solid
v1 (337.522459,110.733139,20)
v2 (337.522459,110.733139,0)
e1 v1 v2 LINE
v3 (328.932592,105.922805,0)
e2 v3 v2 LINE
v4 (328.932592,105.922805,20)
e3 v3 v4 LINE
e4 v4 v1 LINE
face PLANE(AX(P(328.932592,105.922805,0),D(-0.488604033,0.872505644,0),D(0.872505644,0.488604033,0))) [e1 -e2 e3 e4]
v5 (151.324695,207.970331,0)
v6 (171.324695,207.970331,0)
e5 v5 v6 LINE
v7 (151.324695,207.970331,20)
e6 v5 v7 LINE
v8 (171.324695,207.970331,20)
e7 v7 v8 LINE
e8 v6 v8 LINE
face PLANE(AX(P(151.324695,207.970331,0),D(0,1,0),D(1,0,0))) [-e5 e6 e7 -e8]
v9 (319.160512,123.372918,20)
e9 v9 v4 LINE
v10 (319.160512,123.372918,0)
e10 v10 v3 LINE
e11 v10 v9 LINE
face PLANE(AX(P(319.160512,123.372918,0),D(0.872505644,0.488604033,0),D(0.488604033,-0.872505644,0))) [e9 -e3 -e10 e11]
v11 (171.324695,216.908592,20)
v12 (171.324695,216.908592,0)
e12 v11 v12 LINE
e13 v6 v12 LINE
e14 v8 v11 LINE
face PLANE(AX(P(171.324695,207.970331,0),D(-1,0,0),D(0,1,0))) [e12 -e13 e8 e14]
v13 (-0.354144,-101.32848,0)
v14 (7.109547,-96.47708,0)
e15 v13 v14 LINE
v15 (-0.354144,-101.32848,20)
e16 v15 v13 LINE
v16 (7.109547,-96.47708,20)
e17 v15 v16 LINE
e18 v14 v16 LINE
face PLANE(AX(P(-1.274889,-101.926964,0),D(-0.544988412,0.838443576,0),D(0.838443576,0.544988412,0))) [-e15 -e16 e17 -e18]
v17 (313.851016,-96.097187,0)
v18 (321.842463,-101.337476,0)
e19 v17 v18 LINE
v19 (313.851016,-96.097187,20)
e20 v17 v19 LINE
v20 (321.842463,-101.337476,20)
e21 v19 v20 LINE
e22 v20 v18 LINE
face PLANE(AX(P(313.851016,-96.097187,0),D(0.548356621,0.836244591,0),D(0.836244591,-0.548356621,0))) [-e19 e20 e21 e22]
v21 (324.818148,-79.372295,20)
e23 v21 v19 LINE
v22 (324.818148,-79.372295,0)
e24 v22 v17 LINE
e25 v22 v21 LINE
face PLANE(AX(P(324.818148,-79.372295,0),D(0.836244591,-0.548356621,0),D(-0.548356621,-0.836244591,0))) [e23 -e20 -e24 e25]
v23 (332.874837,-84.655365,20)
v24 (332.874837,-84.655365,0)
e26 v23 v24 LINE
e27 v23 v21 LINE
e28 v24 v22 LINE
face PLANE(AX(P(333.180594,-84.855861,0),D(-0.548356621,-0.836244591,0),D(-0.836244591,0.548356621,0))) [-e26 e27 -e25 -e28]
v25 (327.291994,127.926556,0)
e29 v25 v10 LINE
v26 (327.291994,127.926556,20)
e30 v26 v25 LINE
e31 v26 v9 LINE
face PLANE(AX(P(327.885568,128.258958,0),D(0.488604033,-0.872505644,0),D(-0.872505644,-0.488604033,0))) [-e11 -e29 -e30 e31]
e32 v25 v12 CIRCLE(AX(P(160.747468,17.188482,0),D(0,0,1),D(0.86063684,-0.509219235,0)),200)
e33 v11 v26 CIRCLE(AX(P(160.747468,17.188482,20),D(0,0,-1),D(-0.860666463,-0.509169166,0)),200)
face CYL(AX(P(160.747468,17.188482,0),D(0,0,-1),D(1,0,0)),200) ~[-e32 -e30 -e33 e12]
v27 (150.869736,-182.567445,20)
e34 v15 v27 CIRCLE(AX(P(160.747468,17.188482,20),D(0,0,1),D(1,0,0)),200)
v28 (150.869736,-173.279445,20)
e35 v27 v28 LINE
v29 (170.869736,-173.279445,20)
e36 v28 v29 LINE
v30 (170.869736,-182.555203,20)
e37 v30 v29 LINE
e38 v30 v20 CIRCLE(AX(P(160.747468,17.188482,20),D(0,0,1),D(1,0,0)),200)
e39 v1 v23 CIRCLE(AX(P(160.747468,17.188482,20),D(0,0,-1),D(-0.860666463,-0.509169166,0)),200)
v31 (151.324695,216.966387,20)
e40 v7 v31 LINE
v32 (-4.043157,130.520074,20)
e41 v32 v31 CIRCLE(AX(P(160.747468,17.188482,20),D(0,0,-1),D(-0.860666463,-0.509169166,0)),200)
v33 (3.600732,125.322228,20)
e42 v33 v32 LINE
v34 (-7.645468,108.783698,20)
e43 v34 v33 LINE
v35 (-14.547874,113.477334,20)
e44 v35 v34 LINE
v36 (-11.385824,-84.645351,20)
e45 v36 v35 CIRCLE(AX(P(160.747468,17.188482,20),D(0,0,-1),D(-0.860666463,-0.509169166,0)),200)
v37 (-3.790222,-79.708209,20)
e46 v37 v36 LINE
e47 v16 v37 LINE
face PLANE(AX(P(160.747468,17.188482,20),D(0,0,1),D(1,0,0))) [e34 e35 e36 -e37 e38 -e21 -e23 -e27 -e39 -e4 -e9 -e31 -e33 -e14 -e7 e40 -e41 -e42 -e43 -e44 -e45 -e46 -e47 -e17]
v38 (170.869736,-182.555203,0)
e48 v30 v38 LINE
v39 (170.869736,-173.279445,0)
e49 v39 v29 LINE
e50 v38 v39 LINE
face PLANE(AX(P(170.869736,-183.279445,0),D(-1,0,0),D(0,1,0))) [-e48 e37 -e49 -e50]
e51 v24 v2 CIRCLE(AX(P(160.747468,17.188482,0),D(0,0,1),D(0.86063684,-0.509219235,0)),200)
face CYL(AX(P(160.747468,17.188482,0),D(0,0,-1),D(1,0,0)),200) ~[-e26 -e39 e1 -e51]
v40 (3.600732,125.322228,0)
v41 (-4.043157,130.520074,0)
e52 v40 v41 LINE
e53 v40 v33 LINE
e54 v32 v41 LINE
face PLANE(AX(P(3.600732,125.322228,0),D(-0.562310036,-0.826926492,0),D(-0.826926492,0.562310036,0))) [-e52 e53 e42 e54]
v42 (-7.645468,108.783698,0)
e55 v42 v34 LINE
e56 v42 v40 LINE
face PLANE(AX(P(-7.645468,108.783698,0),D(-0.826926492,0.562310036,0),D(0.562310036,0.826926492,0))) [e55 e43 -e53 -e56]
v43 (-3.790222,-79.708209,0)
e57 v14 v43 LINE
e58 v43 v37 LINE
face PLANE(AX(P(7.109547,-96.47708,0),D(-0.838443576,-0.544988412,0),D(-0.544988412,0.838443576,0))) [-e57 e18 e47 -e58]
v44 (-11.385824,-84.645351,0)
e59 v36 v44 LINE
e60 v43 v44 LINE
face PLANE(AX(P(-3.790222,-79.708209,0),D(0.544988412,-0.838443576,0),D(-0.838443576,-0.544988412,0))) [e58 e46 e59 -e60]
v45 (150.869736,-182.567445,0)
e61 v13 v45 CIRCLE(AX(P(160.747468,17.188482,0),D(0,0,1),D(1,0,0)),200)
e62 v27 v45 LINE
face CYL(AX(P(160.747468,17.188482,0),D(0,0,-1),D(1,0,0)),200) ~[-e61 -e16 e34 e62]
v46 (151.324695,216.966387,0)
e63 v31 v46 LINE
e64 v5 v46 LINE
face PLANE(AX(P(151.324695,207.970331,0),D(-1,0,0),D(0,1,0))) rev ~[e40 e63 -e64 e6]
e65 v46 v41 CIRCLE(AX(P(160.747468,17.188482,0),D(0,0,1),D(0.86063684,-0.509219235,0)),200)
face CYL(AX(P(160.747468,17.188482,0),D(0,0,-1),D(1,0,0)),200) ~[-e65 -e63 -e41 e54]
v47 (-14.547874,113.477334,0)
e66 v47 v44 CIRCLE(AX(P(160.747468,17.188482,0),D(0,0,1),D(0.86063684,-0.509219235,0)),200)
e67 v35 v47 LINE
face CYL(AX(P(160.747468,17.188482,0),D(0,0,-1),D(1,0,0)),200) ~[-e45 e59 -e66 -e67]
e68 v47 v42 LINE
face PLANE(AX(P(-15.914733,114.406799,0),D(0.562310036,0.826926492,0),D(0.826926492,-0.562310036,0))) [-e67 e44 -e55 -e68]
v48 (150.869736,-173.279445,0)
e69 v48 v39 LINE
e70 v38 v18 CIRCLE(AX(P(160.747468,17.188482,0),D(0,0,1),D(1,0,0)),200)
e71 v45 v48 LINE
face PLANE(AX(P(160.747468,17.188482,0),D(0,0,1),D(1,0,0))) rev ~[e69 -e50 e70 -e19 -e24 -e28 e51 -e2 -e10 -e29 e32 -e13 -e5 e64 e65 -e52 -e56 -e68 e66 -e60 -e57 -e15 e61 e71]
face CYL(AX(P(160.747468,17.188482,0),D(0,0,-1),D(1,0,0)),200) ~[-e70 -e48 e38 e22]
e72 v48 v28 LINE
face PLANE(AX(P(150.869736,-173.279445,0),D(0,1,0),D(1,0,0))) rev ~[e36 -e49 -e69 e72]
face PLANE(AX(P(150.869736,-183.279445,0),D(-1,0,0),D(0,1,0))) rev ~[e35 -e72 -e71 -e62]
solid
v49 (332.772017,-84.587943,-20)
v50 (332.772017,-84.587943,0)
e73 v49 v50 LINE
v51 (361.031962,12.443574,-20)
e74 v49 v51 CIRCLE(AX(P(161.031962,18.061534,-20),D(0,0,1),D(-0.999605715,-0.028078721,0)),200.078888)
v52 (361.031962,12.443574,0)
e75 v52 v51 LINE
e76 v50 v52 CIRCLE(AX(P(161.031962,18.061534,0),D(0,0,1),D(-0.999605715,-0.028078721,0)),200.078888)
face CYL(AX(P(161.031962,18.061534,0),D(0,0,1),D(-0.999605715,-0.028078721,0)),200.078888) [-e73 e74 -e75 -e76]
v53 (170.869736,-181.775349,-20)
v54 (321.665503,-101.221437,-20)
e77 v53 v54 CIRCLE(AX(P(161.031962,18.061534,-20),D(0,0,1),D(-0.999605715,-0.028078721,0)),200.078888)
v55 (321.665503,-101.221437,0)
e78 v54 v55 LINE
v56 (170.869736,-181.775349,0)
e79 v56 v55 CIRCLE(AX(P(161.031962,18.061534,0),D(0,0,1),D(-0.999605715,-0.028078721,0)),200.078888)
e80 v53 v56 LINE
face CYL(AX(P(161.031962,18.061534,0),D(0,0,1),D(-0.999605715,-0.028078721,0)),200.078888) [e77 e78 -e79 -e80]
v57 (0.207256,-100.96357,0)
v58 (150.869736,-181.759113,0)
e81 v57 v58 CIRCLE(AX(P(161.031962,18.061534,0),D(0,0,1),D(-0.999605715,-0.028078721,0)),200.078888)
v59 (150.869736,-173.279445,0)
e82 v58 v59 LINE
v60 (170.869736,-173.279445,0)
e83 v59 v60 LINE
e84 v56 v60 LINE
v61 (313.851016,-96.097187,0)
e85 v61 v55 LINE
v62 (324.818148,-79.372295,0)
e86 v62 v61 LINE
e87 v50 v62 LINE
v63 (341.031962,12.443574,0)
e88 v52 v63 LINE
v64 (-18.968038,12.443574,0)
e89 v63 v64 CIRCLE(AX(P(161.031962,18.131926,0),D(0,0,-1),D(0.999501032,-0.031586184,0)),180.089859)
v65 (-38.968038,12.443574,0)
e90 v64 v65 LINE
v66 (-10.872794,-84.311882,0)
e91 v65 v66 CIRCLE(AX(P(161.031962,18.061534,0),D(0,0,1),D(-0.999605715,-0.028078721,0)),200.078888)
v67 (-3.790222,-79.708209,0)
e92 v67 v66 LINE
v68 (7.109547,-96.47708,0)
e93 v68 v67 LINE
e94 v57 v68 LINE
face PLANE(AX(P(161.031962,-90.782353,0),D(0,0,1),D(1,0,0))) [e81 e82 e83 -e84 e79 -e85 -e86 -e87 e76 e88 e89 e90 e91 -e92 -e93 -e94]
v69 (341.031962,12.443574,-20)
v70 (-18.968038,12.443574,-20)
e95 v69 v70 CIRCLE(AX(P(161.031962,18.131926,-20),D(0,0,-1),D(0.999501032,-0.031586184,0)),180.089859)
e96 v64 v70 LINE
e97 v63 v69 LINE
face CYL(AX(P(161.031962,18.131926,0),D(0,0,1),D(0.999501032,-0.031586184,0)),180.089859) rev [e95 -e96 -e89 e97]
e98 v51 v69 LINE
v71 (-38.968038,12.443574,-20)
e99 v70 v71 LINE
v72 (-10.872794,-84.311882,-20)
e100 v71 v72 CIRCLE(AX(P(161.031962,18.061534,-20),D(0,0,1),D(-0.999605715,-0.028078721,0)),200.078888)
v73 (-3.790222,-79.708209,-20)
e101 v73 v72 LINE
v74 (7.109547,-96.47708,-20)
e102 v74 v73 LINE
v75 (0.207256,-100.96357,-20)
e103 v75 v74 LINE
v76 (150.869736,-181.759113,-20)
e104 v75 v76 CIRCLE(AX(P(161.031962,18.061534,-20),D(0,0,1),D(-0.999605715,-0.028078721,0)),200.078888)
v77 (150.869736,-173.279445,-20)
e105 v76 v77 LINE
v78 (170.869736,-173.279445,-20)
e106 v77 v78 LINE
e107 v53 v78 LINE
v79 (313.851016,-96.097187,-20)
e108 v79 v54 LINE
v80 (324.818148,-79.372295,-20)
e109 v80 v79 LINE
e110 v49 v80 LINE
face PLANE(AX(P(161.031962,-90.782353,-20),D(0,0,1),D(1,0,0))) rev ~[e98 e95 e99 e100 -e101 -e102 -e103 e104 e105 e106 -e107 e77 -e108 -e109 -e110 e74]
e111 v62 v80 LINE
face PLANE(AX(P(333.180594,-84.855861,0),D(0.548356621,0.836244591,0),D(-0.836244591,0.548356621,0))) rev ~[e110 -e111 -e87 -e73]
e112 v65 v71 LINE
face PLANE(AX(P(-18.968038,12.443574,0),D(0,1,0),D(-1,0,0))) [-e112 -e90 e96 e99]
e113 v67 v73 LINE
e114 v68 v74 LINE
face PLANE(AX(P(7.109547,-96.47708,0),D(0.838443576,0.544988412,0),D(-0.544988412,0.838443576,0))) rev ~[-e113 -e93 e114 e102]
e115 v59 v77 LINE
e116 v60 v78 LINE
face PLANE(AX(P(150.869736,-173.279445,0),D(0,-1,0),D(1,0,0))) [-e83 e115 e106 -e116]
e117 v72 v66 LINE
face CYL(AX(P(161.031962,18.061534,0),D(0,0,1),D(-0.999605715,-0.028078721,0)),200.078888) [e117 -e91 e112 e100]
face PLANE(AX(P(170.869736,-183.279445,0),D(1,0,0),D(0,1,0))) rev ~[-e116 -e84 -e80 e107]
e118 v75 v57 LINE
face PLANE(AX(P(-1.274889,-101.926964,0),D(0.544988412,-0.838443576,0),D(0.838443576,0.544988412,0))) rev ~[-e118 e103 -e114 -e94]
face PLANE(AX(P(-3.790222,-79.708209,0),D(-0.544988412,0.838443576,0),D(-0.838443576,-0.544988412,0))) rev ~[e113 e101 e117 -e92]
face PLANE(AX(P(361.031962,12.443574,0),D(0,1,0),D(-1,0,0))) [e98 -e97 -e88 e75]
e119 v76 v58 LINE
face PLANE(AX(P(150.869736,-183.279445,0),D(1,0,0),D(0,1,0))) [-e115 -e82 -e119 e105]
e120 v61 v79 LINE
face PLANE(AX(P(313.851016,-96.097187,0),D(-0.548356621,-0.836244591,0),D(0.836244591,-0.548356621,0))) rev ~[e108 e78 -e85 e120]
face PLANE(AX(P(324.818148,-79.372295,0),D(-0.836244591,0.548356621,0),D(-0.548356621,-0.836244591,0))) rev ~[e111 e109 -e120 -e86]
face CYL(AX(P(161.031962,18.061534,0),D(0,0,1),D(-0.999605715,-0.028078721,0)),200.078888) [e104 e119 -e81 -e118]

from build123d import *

# Parameters (mm, degrees)
F1_DEPTH  = 20
F2_W      = 20
F2_H      = 10
F3_DEPTH  = 20
F5_DEPTH  = 20
F7_DEPTH  = 20
F8_R      = 200
F9_DEPTH  = 20
F10_DEPTH = 20
F11_DEPTH = 20
F12_DEPTH = 20
F13_W     = 20
F13_H     = 10
F14_DEPTH = 20


with BuildPart() as f1:
    # F0 (on Top) → F1 (new body)
    with BuildSketch(Plane.XY):
        with BuildLine():
            ThreePointArc((-38.9680378139, 12.4435741454), (161.0319621861, -182.017354603), (361.0319621861, 12.4435741454))
            Line((361.0319621861, 12.4435741454), (341.0319621861, 12.4435741454))
            ThreePointArc((341.0319621861, 12.4435741454), (161.0319621861, -161.9579334856), (-18.9680378139, 12.4435741454))
            Line((-18.9680378139, 12.4435741454), (-38.9680378139, 12.4435741454))
        make_face()
    extrude(amount=-F1_DEPTH)

    # F2 (on Top) → F3 (cut)
    with BuildSketch(Plane.XY):
        with Locations((160.8697362244, -178.2794445753)):
            Rectangle(F2_W, F2_H)
    extrude(amount=-F3_DEPTH, mode=Mode.SUBTRACT)

    # F4 (on Top) → F5 (cut)
    with BuildSketch(Plane.XY):
        Polygon((-12.1746574023, -85.1580928149), (-1.2748891549, -101.9269643378), (7.1095466066, -96.477080214), (-3.7902216409, -79.7082086911), align=None)
    extrude(amount=-F5_DEPTH, mode=Mode.SUBTRACT)

    # F6 (on Top) → F7 (cut)
    with BuildSketch(Plane.XY):
        Polygon((313.8510156457, -96.097187023), (322.2134615593, -101.5807532297), (333.1805939725, -84.8558614025), (324.818148059, -79.3722951959), align=None)
    extrude(amount=-F7_DEPTH, mode=Mode.SUBTRACT)

    # F6 (on Top) + F4 (on Top) + F2 (on Top) → F12 (cut)
    with BuildSketch(Plane.XY):
        Polygon((313.8510156457, -96.097187023), (322.2134615593, -101.5807532297), (333.1805939725, -84.8558614025), (324.818148059, -79.3722951959), align=None)
    with BuildSketch(Plane.XY):
        Polygon((-12.1746574023, -85.1580928149), (-1.2748891549, -101.9269643378), (7.1095466066, -96.477080214), (-3.7902216409, -79.7082086911), align=None)
    with BuildSketch(Plane.XY):
        with Locations((160.8697362244, -178.2794445753)):
            Rectangle(F2_W, F2_H)
    extrude(amount=F12_DEPTH, mode=Mode.SUBTRACT)


with BuildPart() as f9:
    # F8 (on Top) → F9 (new body)
    with BuildSketch(Plane.XY):
        with Locations((160.7474684715, 17.1884819865)):
            Circle(F8_R)
    extrude(amount=F9_DEPTH)

    # F6 (on Top) + F4 (on Top) → F10 (cut)
    with BuildSketch(Plane.XY):
        Polygon((313.8510156457, -96.097187023), (322.2134615593, -101.5807532297), (333.1805939725, -84.8558614025), (324.818148059, -79.3722951959), align=None)
    with BuildSketch(Plane.XY):
        Polygon((-12.1746574023, -85.1580928149), (-1.2748891549, -101.9269643378), (7.1095466066, -96.477080214), (-3.7902216409, -79.7082086911), align=None)
    extrude(amount=F10_DEPTH, mode=Mode.SUBTRACT)

    # F2 (on Top) → F11 (cut)
    with BuildSketch(Plane.XY):
        with Locations((160.8697362244, -178.2794445753)):
            Rectangle(F2_W, F2_H)
    extrude(amount=F11_DEPTH, mode=Mode.SUBTRACT)

    # F13 (on Top) → F14 (cut)
    with BuildSketch(Plane.XY):
        Polygon((-4.6685326042, 130.9453286874), (-15.9147333194, 114.4067988412), (-7.6454683963, 108.7836984836), (3.6007323189, 125.3222283298), align=None)
        with Locations((161.3246947527, 212.9703313112)):
            Rectangle(F13_W, F13_H)
        Polygon((328.9325923598, 105.9228052474), (337.6576488008, 110.8088455769), (327.8855681419, 128.2589584589), (319.1605117009, 123.3729181295), align=None)
    extrude(amount=F14_DEPTH, mode=Mode.SUBTRACT)


solid = Compound([f1.part, f9.part])
